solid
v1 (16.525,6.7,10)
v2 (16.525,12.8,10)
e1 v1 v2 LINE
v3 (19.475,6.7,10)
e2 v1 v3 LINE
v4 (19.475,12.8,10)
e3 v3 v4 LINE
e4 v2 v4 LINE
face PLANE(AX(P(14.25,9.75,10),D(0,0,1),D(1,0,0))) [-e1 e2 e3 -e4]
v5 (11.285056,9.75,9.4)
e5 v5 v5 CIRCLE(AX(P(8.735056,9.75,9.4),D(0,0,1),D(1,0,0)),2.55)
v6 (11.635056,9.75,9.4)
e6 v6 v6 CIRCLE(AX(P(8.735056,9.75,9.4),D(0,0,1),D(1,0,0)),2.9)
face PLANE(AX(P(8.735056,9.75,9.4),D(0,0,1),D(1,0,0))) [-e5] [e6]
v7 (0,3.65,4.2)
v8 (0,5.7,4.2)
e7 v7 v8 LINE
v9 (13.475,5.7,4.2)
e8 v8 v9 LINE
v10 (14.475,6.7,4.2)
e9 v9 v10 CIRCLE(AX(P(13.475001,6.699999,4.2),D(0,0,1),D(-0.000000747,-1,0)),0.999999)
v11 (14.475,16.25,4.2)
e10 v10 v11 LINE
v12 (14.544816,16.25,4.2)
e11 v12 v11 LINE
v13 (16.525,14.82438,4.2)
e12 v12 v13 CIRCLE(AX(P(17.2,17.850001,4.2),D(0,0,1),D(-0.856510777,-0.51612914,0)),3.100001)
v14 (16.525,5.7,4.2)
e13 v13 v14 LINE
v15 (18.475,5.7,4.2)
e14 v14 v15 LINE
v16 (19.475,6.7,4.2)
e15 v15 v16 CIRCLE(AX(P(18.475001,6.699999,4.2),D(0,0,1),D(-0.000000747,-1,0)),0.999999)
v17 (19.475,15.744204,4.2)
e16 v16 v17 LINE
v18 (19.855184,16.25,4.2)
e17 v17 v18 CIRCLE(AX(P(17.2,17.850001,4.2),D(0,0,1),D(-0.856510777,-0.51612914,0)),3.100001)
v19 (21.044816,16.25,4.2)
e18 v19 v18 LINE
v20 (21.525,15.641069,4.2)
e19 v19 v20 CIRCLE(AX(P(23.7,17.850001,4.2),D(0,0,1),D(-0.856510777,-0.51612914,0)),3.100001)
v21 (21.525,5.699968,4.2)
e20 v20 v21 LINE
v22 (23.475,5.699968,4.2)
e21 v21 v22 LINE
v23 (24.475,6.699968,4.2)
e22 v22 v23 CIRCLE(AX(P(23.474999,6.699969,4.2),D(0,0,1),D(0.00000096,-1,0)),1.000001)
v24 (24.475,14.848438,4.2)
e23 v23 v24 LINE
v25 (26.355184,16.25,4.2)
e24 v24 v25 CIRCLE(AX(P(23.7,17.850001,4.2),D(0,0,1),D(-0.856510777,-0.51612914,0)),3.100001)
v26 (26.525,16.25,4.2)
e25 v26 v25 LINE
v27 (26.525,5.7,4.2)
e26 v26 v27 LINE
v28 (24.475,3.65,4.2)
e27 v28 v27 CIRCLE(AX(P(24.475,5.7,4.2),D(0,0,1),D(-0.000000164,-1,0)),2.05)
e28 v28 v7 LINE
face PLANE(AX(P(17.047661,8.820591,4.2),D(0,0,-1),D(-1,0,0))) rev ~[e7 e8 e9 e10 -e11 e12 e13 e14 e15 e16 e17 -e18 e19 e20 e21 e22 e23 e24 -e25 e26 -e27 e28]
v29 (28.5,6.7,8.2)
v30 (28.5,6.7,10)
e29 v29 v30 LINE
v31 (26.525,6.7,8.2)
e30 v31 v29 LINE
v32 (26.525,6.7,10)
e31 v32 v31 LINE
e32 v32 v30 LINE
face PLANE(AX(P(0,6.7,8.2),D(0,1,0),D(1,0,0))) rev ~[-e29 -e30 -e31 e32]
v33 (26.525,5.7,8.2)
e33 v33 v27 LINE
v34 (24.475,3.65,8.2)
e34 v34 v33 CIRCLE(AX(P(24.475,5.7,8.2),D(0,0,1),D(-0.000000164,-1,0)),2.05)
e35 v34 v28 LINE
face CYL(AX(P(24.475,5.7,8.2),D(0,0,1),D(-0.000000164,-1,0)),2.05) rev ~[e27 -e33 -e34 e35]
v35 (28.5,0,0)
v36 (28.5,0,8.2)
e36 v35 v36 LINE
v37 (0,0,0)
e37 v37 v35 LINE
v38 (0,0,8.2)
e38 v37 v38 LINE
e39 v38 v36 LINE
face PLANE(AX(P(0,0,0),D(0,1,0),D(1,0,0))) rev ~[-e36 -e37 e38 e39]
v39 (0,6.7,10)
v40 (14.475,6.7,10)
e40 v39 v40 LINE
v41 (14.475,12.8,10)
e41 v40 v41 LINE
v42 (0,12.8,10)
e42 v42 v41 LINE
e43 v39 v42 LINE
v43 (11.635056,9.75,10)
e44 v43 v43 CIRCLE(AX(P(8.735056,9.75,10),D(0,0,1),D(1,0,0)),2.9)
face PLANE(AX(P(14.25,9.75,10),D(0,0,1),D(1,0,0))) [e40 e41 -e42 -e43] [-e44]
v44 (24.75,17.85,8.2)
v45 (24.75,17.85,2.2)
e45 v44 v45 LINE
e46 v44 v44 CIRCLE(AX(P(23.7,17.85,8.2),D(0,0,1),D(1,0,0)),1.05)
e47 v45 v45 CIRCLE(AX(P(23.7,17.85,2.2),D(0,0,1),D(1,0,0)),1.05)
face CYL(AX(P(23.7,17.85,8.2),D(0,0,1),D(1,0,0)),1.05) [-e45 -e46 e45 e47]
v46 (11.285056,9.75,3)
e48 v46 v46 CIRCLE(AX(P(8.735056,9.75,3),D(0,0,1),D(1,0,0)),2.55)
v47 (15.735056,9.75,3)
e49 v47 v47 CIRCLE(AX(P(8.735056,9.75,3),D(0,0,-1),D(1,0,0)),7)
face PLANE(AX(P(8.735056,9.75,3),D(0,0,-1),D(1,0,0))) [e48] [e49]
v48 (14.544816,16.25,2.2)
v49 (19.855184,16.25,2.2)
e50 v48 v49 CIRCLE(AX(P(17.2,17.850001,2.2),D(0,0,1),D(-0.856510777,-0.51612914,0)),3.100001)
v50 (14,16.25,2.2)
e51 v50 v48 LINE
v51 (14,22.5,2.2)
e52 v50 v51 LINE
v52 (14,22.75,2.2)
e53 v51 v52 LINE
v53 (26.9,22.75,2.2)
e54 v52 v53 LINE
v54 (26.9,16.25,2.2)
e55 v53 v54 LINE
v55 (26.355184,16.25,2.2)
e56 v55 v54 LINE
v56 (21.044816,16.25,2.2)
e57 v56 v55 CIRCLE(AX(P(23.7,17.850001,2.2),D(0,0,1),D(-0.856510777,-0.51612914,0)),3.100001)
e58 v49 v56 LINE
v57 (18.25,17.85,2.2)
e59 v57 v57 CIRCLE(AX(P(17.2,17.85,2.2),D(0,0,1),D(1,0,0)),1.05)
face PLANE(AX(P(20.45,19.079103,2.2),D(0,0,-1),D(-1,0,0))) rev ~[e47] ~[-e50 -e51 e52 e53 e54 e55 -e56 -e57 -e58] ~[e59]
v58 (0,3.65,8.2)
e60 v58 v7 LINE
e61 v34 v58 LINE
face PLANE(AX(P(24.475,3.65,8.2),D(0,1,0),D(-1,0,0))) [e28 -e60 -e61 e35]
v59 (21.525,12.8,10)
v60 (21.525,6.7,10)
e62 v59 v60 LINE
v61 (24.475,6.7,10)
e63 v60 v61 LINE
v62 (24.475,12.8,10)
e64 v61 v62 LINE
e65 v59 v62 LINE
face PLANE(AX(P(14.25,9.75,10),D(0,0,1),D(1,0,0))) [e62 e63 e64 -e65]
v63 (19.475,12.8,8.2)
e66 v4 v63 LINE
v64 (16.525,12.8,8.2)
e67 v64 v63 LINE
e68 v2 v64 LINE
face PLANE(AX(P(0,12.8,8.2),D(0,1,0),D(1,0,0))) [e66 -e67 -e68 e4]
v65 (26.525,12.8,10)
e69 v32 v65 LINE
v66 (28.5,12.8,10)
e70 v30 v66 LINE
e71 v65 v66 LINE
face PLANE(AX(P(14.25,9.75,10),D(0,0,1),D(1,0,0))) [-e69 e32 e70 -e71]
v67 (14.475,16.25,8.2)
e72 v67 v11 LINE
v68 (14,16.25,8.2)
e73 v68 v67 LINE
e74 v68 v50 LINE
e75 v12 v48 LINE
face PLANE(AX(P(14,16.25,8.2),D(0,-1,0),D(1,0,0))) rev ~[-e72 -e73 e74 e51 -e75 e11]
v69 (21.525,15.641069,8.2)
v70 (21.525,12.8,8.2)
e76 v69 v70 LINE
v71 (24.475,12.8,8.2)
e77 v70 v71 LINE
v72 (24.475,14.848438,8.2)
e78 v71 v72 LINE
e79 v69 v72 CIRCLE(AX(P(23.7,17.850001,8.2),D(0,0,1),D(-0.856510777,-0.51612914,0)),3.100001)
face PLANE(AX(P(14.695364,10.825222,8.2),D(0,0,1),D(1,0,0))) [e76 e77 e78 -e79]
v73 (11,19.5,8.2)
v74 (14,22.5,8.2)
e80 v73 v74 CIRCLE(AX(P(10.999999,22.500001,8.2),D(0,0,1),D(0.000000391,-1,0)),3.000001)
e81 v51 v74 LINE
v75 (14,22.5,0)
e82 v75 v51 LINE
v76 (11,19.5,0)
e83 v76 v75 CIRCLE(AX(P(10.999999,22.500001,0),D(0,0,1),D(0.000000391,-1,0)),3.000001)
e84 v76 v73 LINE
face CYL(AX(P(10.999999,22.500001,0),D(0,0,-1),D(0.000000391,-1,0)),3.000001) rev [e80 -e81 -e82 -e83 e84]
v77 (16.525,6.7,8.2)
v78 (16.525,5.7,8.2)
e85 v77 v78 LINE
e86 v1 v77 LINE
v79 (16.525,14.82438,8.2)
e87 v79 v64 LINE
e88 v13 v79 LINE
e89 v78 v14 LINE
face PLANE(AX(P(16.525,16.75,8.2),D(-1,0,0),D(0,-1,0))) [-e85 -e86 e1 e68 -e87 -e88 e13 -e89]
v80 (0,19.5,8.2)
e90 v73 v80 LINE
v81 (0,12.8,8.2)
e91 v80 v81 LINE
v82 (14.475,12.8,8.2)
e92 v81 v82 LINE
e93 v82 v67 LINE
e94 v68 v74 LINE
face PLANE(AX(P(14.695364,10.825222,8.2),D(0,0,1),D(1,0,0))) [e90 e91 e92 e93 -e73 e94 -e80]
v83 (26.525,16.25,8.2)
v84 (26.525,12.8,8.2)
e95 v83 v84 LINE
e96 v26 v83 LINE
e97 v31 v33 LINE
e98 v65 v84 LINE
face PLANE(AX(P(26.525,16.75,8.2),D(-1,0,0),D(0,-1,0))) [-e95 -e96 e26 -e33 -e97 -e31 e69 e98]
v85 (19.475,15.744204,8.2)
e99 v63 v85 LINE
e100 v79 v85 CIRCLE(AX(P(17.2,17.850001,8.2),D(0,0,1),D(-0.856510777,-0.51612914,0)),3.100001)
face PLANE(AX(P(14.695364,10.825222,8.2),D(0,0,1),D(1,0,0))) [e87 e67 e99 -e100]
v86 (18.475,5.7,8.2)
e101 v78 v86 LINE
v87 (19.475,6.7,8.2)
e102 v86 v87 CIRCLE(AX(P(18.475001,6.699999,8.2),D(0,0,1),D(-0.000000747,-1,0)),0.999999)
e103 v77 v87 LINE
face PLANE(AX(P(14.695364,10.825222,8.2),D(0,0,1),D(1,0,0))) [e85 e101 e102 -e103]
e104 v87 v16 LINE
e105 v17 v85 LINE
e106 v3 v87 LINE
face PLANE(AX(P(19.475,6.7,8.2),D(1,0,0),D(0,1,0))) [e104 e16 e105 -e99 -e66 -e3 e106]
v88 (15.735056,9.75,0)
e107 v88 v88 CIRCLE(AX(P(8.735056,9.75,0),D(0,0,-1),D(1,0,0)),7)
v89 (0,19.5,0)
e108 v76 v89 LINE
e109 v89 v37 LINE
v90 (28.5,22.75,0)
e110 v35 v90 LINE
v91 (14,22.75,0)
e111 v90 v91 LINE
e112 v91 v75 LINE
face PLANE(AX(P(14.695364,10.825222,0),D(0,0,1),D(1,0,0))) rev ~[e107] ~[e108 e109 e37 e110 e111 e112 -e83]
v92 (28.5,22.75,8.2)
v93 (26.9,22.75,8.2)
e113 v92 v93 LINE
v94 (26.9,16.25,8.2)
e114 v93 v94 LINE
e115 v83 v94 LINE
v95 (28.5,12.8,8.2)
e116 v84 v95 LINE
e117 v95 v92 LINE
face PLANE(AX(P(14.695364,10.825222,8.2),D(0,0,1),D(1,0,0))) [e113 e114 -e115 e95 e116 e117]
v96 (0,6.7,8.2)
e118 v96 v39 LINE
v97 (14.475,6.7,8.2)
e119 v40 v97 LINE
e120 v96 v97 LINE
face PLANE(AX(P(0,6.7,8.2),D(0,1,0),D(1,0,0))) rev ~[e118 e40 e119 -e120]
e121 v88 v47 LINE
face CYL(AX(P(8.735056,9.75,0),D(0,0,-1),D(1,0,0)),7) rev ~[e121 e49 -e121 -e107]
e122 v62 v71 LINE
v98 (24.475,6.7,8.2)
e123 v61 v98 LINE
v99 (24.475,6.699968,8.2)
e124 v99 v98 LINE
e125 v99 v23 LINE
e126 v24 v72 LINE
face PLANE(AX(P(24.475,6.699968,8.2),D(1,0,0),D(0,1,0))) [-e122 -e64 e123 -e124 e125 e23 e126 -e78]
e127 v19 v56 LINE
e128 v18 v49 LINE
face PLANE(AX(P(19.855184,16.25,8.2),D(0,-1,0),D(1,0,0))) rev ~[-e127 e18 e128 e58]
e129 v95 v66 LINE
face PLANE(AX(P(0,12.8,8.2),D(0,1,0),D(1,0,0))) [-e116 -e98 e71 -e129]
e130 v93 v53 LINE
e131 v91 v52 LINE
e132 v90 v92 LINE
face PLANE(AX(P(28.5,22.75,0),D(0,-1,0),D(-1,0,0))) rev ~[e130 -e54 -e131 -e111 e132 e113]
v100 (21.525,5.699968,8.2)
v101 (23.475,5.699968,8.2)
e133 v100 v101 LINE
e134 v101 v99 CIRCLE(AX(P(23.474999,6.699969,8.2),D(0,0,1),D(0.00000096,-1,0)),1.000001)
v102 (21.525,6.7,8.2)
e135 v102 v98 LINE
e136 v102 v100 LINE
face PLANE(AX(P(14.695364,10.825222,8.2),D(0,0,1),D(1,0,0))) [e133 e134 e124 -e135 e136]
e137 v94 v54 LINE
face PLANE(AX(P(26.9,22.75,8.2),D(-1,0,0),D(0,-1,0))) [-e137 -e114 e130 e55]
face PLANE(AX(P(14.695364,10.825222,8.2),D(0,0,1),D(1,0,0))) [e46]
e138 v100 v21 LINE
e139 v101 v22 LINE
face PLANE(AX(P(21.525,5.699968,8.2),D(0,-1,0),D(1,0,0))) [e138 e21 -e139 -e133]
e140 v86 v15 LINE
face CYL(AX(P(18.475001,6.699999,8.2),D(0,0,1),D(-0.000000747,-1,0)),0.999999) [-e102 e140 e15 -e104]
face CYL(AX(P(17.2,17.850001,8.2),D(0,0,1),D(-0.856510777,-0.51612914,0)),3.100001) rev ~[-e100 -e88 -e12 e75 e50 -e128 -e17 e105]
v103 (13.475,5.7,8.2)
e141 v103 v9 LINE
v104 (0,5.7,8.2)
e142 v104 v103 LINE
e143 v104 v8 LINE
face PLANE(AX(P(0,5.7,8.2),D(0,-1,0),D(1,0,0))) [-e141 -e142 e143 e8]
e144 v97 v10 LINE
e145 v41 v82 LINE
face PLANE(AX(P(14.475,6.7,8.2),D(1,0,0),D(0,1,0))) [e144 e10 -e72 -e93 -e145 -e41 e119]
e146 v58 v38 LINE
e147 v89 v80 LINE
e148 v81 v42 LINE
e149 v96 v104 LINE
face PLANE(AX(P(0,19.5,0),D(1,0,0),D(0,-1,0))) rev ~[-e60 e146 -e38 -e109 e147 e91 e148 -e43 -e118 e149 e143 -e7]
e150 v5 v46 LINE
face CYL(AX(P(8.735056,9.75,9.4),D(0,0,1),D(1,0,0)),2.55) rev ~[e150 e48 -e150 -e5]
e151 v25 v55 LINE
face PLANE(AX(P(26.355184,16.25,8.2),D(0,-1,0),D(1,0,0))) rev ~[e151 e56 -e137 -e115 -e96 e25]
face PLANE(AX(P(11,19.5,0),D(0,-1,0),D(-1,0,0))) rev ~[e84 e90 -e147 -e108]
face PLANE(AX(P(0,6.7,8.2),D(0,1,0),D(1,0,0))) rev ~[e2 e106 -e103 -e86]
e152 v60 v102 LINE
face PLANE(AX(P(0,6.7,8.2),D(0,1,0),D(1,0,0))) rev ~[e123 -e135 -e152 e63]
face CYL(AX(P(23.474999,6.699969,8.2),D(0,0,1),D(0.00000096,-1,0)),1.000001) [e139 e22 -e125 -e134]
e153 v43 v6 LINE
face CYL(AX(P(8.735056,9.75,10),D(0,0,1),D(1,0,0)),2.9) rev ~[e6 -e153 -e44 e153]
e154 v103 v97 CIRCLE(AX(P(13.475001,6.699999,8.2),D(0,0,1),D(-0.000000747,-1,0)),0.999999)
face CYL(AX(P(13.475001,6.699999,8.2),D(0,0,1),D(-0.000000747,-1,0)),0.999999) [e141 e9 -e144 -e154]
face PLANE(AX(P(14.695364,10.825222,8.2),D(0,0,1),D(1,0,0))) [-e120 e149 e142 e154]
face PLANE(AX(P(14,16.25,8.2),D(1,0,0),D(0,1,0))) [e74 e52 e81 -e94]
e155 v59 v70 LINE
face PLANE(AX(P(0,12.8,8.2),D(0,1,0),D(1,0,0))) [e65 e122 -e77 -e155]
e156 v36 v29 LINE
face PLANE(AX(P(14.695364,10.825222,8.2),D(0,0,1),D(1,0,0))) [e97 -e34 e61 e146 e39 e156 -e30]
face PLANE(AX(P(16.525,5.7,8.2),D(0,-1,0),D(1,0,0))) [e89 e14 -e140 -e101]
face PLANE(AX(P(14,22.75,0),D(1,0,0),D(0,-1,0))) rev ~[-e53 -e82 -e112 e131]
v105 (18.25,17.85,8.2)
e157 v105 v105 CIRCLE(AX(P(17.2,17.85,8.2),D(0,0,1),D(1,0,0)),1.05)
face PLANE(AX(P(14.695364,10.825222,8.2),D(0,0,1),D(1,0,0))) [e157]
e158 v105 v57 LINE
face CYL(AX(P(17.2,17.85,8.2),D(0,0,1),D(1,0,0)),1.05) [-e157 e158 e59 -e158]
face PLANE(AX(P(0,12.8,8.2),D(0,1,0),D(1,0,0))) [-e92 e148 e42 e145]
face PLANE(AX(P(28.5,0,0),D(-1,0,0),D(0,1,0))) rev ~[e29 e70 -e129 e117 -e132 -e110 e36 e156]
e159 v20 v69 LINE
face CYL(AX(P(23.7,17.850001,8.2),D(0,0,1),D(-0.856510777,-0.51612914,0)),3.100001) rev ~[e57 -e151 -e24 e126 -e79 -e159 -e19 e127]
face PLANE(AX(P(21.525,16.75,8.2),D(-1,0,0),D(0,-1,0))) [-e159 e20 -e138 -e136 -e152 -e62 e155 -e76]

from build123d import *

# Parameters (mm, degrees)
PAD004_DEPTH    = 8.2
SKETCH014_W     = 28.5
SKETCH014_H     = 6.1
PAD005_DEPTH    = 1.8
SKETCH015_R     = 2.9
POCKET004_DEPTH = 0.6
SKETCH016_W     = 2.05
SKETCH016_H     = 6.1
POCKET005_DEPTH = 1.8
SKETCH018_R     = 1.05
POCKET007_DEPTH = 6
POCKET006_DEPTH = 4
SKETCH019_R     = 2.55
POCKET008_DEPTH = 7.5
SKETCH020_R     = 7
POCKET_DEPTH    = 3


with BuildPart() as stage_1_railguide:
    # Sketch013 → Pad004 (new body)
    with BuildSketch(Plane.XY):
        with BuildLine():
            Line((0, 0), (28.5, 0))
            Line((28.5, 0), (28.5, 22.75))
            Line((28.5, 22.75), (14, 22.75))
            Line((14, 22.75), (14, 22.5))
            ThreePointArc((11, 19.5), (13.12132, 20.37868), (14, 22.5))
            Line((11, 19.5), (0, 19.5))
            Line((0, 19.5), (0, 0))
        make_face()
    extrude(amount=PAD004_DEPTH)

    # Sketch014 (on Face9 of Pad004) → Pad005 (join)
    with BuildSketch(Plane.XY.offset(8.2)):
        with Locations((14.25, 9.75)):
            Rectangle(SKETCH014_W, SKETCH014_H)
    extrude(amount=PAD005_DEPTH)

    # Sketch015 (on Face11 of Pad005) → Pocket004 (cut)
    with BuildSketch(Plane.XY.offset(10)):
        with Locations((8.735056, 9.75)):
            Circle(SKETCH015_R)
    extrude(amount=-POCKET004_DEPTH, mode=Mode.SUBTRACT)

    # Sketch016 (on Face10 of Pocket004) → Pocket005 (cut)
    with BuildSketch(Plane.XY.offset(10)):
        with Locations((15.5, 9.75)):
            Rectangle(SKETCH016_W, SKETCH016_H)
        Polygon((21.525, 12.8), (21.525, 6.7), (19.475, 6.7), (19.475, 12.8), (20.5, 12.8), align=None)
        with Locations((25.5, 9.75)):
            Rectangle(SKETCH016_W, SKETCH016_H)
    extrude(amount=-POCKET005_DEPTH, mode=Mode.SUBTRACT)


with BuildPart() as body:
    # Body006 base: copy of Stage#1(RailGuide)
    add(stage_1_railguide.part)

    # Sketch018 (on Face19 of Clone001) → Pocket007 (cut)
    with BuildSketch(Plane.XY.offset(8.2)):
        with BuildLine():
            Line((14, 22.75), (26.9, 22.75))
            Line((26.9, 22.75), (26.9, 16.25))
            Line((26.355184, 16.25), (26.9, 16.25))
            ThreePointArc((21.044816, 16.25), (23.7, 14.75), (26.355184, 16.25))
            Line((20.45, 16.25), (21.044816, 16.25))
            Line((19.855184, 16.25), (20.45, 16.25))
            ThreePointArc((14.544816, 16.25), (17.2, 14.75), (19.855184, 16.25))
            Line((14, 16.25), (14.544816, 16.25))
            Line((14, 16.25), (14, 22.75))
        make_face()
        with Locations((17.2, 17.85)):
            Circle(SKETCH018_R, mode=Mode.SUBTRACT)
        with Locations((23.7, 17.85)):
            Circle(SKETCH018_R, mode=Mode.SUBTRACT)
    extrude(amount=-POCKET007_DEPTH, mode=Mode.SUBTRACT)


with BuildPart() as body008:
    # Body005 base: copy of Stage#1(RailGuide)
    add(stage_1_railguide.part)

    # Sketch017 (on Face19 of Clone) → Pocket006 (cut)
    with BuildSketch(Plane.XY.offset(8.2)):
        with BuildLine():
            Line((0, 5.7), (13.475, 5.7))
            ThreePointArc((13.475, 5.7), (14.182107, 5.992893), (14.475, 6.7))
            Line((14.475, 6.7), (14.475, 16.75))
            Line((14.475, 16.75), (16.525, 16.75))
            Line((16.525, 16.75), (16.525, 5.7))
            Line((16.525, 5.7), (18.475, 5.7))
            ThreePointArc((18.475, 5.7), (19.182107, 5.992893), (19.475, 6.7))
            Line((19.475, 6.7), (19.475, 16.75))
            Line((19.475, 16.75), (21.525, 16.75))
            Line((21.525, 16.75), (21.525, 5.699968))
            Line((21.525, 5.699968), (23.475, 5.699968))
            ThreePointArc((23.475, 5.699968), (24.182107, 5.992862), (24.475, 6.699968))
            Line((24.475, 6.699968), (24.475, 16.75))
            Line((24.475, 16.75), (26.525, 16.75))
            Line((26.525, 16.75), (26.525, 5.7))
            ThreePointArc((24.475, 3.65), (25.924569, 4.250431), (26.525, 5.7))
            Line((24.475, 3.65), (0, 3.65))
            Line((0, 3.65), (0, 5.7))
        make_face()
    extrude(amount=-POCKET006_DEPTH, mode=Mode.SUBTRACT)

    # Sketch019 (on Face37 of Pocket006) → Pocket008 (cut)
    with BuildSketch(Plane.XY.offset(9.4)):
        with Locations((8.735056, 9.75)):
            Circle(SKETCH019_R)
    extrude(amount=-POCKET008_DEPTH, mode=Mode.SUBTRACT)

    # Sketch020 (on Face4 of Pocket008) → Pocket (cut)
    with BuildSketch(Plane(origin=(0, 0, 0), x_dir=(1, 0, 0), z_dir=(0, 0, -1))):
        with Locations((8.735056, -9.75)):
            Circle(SKETCH020_R)
    extrude(amount=-POCKET_DEPTH, mode=Mode.SUBTRACT)

    # Common: intersect Body
    add(body.part, mode=Mode.INTERSECT)


solid = body008.part
